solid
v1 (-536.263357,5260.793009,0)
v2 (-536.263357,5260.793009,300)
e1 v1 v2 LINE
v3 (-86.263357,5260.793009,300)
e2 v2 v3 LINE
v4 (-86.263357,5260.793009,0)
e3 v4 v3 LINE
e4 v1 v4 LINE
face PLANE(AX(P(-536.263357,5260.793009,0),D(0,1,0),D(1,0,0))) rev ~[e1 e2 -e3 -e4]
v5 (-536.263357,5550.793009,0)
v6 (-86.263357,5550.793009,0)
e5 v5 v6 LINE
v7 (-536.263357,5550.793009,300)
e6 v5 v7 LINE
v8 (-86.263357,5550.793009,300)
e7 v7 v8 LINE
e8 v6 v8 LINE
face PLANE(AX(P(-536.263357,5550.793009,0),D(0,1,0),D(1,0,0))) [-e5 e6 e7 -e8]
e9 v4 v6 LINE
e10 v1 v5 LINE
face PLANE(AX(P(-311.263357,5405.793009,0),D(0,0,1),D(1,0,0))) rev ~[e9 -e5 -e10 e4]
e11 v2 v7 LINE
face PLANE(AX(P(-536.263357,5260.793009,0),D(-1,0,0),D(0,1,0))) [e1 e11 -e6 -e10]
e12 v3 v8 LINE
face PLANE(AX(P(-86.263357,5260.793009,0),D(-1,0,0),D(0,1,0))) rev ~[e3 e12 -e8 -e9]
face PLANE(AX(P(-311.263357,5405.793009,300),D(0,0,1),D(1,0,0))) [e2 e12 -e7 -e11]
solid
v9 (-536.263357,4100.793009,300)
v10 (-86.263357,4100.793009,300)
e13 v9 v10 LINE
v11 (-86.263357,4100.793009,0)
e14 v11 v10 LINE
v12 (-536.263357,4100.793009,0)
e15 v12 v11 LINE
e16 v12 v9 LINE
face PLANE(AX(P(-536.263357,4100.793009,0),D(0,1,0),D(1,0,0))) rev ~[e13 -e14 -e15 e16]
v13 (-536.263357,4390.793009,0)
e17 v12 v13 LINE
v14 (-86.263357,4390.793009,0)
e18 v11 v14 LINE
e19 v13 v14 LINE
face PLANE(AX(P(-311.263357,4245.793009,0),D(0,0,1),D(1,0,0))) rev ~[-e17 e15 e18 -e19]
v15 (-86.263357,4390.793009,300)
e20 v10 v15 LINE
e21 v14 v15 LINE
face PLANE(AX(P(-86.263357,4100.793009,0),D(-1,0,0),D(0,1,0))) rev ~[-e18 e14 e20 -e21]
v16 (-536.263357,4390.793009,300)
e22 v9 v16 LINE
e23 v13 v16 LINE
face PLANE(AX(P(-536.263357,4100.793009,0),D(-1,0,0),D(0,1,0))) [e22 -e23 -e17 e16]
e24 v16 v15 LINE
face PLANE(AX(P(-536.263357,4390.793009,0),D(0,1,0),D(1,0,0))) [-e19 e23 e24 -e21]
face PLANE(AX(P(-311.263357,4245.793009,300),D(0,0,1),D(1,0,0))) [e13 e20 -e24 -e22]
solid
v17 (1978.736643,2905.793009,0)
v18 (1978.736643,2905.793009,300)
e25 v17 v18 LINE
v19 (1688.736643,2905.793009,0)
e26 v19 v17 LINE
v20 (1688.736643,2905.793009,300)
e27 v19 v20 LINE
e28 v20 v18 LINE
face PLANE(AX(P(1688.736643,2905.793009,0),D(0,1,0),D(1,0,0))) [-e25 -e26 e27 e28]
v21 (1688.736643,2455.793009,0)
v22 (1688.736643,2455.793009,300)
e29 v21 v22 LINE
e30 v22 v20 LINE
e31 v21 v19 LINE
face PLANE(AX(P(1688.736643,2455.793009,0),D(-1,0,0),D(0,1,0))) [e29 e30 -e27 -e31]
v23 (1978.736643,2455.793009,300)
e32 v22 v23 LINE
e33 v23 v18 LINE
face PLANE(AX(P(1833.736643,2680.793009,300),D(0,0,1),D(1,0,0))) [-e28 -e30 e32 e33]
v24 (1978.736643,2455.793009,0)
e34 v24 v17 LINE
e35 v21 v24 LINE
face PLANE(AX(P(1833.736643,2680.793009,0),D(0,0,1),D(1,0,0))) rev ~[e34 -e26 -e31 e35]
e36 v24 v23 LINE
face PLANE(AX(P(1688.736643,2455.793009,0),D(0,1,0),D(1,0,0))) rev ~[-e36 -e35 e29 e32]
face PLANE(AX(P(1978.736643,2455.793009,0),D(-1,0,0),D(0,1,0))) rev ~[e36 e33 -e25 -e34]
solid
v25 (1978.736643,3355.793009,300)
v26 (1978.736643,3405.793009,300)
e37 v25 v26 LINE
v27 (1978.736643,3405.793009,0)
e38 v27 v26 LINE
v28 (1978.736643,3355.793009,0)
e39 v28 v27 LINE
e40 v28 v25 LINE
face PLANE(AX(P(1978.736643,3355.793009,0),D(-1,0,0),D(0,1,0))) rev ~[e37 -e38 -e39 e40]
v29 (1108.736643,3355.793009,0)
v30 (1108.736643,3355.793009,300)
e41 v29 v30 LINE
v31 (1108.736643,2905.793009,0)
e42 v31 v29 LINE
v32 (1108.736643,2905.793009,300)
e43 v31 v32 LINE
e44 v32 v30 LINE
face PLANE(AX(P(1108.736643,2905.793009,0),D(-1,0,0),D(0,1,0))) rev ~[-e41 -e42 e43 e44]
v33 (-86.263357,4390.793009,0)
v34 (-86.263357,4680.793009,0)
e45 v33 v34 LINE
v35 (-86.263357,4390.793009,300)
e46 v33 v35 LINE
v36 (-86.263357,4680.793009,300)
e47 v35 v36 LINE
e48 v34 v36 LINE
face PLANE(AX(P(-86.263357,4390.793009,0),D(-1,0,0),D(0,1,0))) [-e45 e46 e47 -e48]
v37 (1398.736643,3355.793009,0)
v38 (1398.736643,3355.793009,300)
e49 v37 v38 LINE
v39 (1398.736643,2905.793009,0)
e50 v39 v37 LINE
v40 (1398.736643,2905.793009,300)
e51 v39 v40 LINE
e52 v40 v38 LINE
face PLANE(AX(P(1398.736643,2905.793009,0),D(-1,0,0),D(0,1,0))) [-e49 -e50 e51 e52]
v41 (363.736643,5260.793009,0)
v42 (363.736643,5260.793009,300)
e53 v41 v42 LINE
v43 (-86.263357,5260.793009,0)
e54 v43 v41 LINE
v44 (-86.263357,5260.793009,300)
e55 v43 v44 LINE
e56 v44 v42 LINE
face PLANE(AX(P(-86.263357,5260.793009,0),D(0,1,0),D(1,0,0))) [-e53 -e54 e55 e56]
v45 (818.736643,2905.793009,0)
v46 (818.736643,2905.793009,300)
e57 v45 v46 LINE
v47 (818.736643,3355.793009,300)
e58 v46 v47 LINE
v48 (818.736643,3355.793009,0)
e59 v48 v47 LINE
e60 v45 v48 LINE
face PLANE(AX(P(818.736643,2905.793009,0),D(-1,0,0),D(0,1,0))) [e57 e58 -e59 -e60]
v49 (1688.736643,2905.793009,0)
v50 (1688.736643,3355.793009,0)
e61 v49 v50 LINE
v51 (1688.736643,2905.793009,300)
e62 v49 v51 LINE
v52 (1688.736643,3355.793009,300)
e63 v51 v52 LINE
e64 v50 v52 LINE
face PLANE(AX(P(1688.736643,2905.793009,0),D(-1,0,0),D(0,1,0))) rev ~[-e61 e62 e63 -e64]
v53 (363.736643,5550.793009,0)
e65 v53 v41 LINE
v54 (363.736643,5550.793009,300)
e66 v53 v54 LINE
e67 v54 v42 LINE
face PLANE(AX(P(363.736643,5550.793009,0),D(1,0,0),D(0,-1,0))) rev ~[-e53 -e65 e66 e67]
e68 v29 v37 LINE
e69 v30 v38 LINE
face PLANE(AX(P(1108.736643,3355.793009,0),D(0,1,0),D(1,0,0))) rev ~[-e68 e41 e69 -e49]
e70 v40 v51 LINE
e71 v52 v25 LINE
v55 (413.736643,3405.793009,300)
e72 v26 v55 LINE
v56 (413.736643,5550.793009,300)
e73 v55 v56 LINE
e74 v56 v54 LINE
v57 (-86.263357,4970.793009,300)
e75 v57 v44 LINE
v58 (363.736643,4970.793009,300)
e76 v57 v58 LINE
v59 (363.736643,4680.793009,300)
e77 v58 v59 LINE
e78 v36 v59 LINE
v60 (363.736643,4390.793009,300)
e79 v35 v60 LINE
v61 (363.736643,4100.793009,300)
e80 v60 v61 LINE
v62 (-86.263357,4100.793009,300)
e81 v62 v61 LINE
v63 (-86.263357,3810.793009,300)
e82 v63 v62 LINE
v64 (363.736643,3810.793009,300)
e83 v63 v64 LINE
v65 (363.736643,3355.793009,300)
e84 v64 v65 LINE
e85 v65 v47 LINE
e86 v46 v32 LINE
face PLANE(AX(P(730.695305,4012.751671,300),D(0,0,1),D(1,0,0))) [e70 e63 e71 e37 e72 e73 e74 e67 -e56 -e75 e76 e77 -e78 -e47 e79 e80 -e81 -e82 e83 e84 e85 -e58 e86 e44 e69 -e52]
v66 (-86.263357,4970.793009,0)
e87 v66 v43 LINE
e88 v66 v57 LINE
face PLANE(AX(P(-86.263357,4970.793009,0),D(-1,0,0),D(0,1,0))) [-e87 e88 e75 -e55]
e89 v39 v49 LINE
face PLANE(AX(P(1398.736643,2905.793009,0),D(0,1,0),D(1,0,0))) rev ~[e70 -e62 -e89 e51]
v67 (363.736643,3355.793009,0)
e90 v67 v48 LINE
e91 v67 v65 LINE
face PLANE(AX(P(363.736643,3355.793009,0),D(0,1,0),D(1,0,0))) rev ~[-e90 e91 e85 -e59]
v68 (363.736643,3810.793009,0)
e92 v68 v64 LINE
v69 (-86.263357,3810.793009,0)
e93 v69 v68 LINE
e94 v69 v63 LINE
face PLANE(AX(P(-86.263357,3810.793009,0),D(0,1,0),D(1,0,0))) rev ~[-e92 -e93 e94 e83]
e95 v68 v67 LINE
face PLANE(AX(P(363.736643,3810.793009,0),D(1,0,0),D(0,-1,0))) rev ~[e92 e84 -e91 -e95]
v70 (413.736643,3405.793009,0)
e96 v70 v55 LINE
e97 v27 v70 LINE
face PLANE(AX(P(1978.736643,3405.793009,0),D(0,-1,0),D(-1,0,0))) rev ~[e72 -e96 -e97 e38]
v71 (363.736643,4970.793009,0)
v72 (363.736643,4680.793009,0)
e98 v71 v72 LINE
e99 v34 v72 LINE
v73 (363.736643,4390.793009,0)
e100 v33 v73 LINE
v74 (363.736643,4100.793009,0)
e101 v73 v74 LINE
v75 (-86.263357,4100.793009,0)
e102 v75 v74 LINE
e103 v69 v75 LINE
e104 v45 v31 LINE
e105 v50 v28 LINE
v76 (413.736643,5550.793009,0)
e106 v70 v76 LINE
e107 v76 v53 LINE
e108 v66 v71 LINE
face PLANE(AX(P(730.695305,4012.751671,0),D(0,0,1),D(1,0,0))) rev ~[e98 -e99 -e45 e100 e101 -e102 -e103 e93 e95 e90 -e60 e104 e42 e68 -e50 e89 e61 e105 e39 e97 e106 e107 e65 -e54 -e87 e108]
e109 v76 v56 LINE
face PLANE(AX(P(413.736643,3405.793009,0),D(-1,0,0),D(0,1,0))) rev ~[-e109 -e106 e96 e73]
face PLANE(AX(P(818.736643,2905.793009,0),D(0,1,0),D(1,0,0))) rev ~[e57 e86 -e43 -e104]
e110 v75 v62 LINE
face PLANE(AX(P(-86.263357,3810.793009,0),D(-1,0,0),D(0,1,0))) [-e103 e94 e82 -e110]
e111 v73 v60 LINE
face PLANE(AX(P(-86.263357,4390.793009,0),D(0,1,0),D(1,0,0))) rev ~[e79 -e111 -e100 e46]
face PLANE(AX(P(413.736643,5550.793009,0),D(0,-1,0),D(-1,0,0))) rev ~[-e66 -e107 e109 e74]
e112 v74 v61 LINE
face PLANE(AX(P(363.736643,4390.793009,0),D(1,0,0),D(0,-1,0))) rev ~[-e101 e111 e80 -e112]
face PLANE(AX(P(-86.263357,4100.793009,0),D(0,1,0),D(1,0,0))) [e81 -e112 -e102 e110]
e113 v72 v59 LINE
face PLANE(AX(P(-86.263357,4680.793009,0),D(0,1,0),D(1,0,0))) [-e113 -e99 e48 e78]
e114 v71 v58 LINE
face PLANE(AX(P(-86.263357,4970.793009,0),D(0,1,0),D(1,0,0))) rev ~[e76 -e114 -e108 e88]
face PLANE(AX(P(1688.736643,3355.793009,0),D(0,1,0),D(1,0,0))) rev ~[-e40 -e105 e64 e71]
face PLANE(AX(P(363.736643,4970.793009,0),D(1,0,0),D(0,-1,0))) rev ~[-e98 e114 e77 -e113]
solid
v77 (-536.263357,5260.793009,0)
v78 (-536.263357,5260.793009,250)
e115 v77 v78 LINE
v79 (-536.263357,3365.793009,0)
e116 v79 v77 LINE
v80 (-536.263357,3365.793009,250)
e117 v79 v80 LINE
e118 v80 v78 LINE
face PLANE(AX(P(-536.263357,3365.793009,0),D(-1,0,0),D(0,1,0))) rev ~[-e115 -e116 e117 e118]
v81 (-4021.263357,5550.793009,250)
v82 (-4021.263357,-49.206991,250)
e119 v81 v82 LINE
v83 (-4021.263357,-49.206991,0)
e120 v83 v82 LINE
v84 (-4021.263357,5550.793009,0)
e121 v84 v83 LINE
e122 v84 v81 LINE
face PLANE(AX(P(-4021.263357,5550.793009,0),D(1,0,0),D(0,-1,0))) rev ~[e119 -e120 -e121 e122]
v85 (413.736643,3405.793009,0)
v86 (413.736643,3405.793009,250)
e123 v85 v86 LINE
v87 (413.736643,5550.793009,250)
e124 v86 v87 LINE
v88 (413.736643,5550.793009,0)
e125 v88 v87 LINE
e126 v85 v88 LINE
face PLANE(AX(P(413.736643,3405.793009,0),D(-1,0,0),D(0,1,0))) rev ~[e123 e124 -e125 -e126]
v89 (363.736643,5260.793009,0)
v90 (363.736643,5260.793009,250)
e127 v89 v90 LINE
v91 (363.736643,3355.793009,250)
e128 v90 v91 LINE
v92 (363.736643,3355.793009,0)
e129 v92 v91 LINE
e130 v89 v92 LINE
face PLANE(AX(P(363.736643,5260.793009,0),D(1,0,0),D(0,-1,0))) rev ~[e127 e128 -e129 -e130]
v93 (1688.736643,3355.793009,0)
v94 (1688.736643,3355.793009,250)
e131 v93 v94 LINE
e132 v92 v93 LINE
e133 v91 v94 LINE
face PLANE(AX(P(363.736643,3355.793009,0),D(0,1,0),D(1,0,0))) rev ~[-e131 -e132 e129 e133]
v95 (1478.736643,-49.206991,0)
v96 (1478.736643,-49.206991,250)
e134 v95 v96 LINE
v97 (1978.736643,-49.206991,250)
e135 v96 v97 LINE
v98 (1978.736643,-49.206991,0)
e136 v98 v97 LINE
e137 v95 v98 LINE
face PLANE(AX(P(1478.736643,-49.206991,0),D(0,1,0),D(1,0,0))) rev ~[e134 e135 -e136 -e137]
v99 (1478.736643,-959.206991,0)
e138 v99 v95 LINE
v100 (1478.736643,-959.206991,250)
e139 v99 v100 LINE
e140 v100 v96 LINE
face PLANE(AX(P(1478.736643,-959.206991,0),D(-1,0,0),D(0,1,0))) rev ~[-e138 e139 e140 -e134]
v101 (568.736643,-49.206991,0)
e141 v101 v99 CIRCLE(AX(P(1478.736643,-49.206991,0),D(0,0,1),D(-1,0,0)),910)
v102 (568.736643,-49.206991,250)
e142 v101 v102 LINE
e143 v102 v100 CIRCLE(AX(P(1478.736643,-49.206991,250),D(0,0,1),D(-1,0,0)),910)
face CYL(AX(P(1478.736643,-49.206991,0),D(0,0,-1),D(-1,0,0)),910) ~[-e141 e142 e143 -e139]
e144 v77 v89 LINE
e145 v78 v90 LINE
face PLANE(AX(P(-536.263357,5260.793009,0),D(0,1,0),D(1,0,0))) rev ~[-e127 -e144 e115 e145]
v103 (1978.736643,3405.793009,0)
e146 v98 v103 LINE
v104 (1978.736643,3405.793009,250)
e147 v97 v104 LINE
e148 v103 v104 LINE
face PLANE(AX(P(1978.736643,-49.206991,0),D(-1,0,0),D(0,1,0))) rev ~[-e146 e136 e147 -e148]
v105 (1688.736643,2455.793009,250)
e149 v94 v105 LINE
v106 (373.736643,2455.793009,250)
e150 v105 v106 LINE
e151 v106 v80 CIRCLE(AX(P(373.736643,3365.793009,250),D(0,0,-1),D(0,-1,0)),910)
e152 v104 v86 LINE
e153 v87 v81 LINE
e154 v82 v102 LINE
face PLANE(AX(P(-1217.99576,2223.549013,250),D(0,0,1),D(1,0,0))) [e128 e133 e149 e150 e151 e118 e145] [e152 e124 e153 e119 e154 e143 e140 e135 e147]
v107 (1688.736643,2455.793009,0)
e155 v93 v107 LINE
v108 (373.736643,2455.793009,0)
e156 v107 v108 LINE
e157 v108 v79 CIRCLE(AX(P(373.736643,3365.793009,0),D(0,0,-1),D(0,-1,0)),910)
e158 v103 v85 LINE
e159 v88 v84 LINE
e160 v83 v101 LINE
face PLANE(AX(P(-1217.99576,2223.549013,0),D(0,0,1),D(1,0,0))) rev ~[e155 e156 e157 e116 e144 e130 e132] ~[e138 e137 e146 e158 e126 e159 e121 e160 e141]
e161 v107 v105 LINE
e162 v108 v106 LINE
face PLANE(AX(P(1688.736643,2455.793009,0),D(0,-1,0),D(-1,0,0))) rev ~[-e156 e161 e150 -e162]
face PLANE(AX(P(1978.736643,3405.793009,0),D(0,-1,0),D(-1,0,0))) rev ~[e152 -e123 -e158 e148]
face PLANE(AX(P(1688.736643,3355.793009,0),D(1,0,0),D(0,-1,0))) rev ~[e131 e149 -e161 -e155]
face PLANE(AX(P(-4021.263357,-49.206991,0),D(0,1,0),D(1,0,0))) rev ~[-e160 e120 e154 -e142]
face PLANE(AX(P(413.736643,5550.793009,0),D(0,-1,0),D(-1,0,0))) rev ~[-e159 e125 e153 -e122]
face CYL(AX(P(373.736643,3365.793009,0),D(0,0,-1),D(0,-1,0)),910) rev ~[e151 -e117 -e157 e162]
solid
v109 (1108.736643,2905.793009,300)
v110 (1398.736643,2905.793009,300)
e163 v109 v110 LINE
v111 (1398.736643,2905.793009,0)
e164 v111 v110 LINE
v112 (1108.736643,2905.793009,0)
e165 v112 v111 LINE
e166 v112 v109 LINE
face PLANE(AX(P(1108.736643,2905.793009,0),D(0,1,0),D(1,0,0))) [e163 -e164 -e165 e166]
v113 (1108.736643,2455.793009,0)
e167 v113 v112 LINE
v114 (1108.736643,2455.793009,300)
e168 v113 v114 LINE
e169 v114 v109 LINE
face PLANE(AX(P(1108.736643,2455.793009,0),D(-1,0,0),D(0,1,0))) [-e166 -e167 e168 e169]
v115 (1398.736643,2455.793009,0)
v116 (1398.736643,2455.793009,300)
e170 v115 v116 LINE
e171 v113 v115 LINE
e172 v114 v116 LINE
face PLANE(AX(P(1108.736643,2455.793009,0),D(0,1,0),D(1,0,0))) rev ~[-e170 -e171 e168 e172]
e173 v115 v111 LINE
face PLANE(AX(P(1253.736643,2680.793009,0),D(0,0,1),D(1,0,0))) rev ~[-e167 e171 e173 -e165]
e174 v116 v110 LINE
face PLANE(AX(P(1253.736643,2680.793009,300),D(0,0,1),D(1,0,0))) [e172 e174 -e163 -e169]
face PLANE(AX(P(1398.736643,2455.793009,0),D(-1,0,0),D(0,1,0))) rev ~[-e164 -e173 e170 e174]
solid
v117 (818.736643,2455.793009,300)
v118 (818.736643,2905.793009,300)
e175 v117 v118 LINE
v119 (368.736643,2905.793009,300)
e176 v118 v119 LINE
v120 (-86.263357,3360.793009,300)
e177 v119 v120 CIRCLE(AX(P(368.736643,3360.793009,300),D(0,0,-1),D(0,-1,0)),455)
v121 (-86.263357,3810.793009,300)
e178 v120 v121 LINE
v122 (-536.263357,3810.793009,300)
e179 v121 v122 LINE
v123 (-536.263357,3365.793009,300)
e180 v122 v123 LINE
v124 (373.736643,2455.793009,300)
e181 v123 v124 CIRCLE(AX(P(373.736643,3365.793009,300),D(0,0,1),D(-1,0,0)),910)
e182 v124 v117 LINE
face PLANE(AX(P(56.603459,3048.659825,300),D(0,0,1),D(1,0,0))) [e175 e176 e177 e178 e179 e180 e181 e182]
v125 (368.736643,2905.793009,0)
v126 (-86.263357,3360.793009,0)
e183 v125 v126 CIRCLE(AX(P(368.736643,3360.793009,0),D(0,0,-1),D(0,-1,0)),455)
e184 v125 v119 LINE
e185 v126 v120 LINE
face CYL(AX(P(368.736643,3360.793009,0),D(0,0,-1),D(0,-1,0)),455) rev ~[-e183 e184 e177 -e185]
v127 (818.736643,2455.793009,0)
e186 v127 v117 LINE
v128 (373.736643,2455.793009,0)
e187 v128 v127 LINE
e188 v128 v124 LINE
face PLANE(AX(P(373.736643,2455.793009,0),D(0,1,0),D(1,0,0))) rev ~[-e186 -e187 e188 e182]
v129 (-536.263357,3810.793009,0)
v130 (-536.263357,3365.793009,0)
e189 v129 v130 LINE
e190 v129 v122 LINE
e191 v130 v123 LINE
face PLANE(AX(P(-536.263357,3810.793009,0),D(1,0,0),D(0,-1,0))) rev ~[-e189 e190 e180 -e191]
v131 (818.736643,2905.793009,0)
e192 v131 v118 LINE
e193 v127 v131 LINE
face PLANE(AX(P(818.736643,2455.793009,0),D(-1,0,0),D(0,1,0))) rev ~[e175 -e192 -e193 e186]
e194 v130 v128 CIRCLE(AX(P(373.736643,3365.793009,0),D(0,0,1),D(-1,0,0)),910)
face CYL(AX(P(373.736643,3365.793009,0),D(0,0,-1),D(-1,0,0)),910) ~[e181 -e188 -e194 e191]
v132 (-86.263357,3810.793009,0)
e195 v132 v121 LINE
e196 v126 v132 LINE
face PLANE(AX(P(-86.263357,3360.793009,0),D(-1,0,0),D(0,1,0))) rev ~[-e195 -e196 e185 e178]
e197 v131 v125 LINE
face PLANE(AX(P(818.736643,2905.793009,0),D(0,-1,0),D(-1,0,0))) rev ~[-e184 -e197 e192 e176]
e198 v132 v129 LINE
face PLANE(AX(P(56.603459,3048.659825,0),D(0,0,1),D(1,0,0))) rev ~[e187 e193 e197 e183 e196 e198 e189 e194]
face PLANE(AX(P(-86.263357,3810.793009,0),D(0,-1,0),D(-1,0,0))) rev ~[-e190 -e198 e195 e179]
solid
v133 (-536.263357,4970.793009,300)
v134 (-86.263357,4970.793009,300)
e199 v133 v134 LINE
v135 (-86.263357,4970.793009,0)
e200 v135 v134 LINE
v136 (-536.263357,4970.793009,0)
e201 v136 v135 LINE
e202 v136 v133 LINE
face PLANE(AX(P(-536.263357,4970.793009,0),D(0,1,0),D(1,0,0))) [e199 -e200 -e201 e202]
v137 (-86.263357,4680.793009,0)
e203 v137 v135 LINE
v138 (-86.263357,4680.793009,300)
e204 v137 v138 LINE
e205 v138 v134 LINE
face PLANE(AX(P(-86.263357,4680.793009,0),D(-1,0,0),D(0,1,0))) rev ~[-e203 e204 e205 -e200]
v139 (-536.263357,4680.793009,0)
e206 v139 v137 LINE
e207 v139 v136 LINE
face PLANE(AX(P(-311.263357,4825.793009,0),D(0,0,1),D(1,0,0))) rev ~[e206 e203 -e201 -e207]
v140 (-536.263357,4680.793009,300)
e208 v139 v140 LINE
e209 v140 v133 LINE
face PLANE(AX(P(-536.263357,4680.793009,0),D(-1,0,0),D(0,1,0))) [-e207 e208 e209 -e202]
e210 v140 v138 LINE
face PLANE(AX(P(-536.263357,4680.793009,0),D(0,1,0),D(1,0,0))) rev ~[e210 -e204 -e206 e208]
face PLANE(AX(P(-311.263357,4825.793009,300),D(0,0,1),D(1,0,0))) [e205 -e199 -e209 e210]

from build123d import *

# Parameters (mm, degrees)
F1_DEPTH = 300
F0_W     = 450
F0_H     = 290
F0_W_2   = 290
F0_H_2   = 450
F2_DEPTH = 250


with BuildPart() as f1:
    # F0 (on Top) → F1 (new body)
    with BuildSketch(Plane.XY):
        with BuildLine():
            Line((-86.2633565673, 3810.7930092514), (-536.2633565673, 3810.7930092514))
            Line((-536.2633565673, 3810.7930092514), (-536.2633565673, 3365.7930092514))
            ThreePointArc((-536.2633565673, 3365.7930092514), (-269.730527447, 2722.3258383716), (373.7366434327, 2455.7930092514))
            Line((373.7366434327, 2455.7930092514), (818.7366434327, 2455.7930092514))
            Line((818.7366434327, 2455.7930092514), (818.7366434327, 2905.7930092514))
            Line((818.7366434327, 2905.7930092514), (368.7366434327, 2905.7930092514))
            ThreePointArc((368.7366434327, 2905.7930092514), (47.0030579929, 3039.0594238115), (-86.2633565673, 3360.7930092514))
            Line((-86.2633565673, 3360.7930092514), (-86.2633565673, 3810.7930092514))
        make_face()
    extrude(amount=F1_DEPTH)


with BuildPart() as f1b:
    # F0 (on Top) → F1, piece 2 (new body)
    with BuildSketch(Plane.XY):
        Polygon((413.7366434327, 5550.7930092514), (363.7366434327, 5550.7930092514), (363.7366434327, 5260.7930092514), (363.7366434327, 4970.7930092514), (363.7366434327, 4680.7930092514), (363.7366434327, 4390.7930092514), (363.7366434327, 4100.7930092514), (363.7366434327, 3810.7930092514), (363.7366434327, 3355.7930092514), (818.7366434327, 3355.7930092514), (1108.7366434327, 3355.7930092514), (1398.7366434327, 3355.7930092514), (1688.7366434327, 3355.7930092514), (1978.7366434327, 3355.7930092514), (1978.7366434327, 3405.7930092514), (818.7366434327, 3405.7930092514), (413.7366434327, 3405.7930092514), (413.7366434327, 3810.7930092514), align=None)
        with Locations((138.7366434327, 5115.7930092514)):
            Rectangle(F0_W, F0_H)
        with Locations((138.7366434327, 4535.7930092514)):
            Rectangle(F0_W, F0_H)
        with Locations((138.7366434327, 3955.7930092514)):
            Rectangle(F0_W, F0_H)
        with Locations((963.7366434327, 3130.7930092514)):
            Rectangle(F0_W_2, F0_H_2)
        with Locations((1543.7366434327, 3130.7930092514)):
            Rectangle(F0_W_2, F0_H_2)
    extrude(amount=F1_DEPTH)


with BuildPart() as f1c:
    # F0 (on Top) → F1, piece 3 (new body)
    with BuildSketch(Plane.XY):
        with Locations((1253.7366434327, 2680.7930092514)):
            Rectangle(F0_W_2, F0_H_2)
    extrude(amount=F1_DEPTH)


with BuildPart() as f1d:
    # F0 (on Top) → F1, piece 4 (new body)
    with BuildSketch(Plane.XY):
        with Locations((-311.2633565673, 4245.7930092514)):
            Rectangle(F0_W, F0_H)
    extrude(amount=F1_DEPTH)


with BuildPart() as f1e:
    # F0 (on Top) → F1, piece 5 (new body)
    with BuildSketch(Plane.XY):
        with Locations((-311.2633565673, 5405.7930092514)):
            Rectangle(F0_W, F0_H)
    extrude(amount=F1_DEPTH)


with BuildPart() as f1f:
    # F0 (on Top) → F1, piece 6 (new body)
    with BuildSketch(Plane.XY):
        with Locations((1833.7366434327, 2680.7930092514)):
            Rectangle(F0_W_2, F0_H_2)
    extrude(amount=F1_DEPTH)


with BuildPart() as f1g:
    # F0 (on Top) → F1, piece 7 (new body)
    with BuildSketch(Plane.XY):
        with Locations((-311.2633565673, 4825.7930092514)):
            Rectangle(F0_W, F0_H)
    extrude(amount=F1_DEPTH)


with BuildPart() as f2:
    # F0 (on Top) → F2 (new body)
    with BuildSketch(Plane.XY):
        with BuildLine():
            Line((-4021.2633565673, 5550.7930092514), (-4021.2633565673, -49.2069907486))
            Line((-4021.2633565673, -49.2069907486), (568.7366434327, -49.2069907486))
            ThreePointArc((568.7366434327, -49.2069907486), (835.269472553, -692.6741616284), (1478.7366434327, -959.2069907486))
            Line((1478.7366434327, -959.2069907486), (1478.7366434327, -49.2069907486))
            Line((1478.7366434327, -49.2069907486), (1978.7366434327, -49.2069907486))
            Line((1978.7366434327, -49.2069907486), (1978.7366434327, 2455.7930092514))
            Line((1978.7366434327, 2455.7930092514), (1688.7366434327, 2455.7930092514))
            Line((1688.7366434327, 2455.7930092514), (1398.7366434327, 2455.7930092514))
            Line((1398.7366434327, 2455.7930092514), (1108.7366434327, 2455.7930092514))
            Line((1108.7366434327, 2455.7930092514), (818.7366434327, 2455.7930092514))
            Line((818.7366434327, 2455.7930092514), (373.7366434327, 2455.7930092514))
            ThreePointArc((373.7366434327, 2455.7930092514), (-269.730527447, 2722.3258383716), (-536.2633565673, 3365.7930092514))
            Line((-536.2633565673, 3365.7930092514), (-536.2633565673, 3810.7930092514))
            Line((-536.2633565673, 3810.7930092514), (-536.2633565673, 4100.7930092514))
            Line((-536.2633565673, 4100.7930092514), (-536.2633565673, 4390.7930092514))
            Line((-536.2633565673, 4390.7930092514), (-536.2633565673, 4680.7930092514))
            Line((-536.2633565673, 4680.7930092514), (-536.2633565673, 4970.7930092514))
            Line((-536.2633565673, 4970.7930092514), (-536.2633565673, 5260.7930092514))
            Line((-536.2633565673, 5260.7930092514), (-536.2633565673, 5550.7930092514))
            Line((-536.2633565673, 5550.7930092514), (-4021.2633565673, 5550.7930092514))
        make_face()
        with Locations((-311.2633565673, 5405.7930092514)):
            Rectangle(F0_W, F0_H)
        with Locations((138.7366434327, 5405.7930092514)):
            Rectangle(F0_W, F0_H)
        Polygon((413.7366434327, 5550.7930092514), (363.7366434327, 5550.7930092514), (363.7366434327, 5260.7930092514), (363.7366434327, 4970.7930092514), (363.7366434327, 4680.7930092514), (363.7366434327, 4390.7930092514), (363.7366434327, 4100.7930092514), (363.7366434327, 3810.7930092514), (363.7366434327, 3355.7930092514), (818.7366434327, 3355.7930092514), (1108.7366434327, 3355.7930092514), (1398.7366434327, 3355.7930092514), (1688.7366434327, 3355.7930092514), (1978.7366434327, 3355.7930092514), (1978.7366434327, 3405.7930092514), (818.7366434327, 3405.7930092514), (413.7366434327, 3405.7930092514), (413.7366434327, 3810.7930092514), align=None)
        with Locations((1833.7366434327, 2680.7930092514)):
            Rectangle(F0_W_2, F0_H_2)
        with Locations((1833.7366434327, 3130.7930092514)):
            Rectangle(F0_W_2, F0_H_2)
    extrude(amount=F2_DEPTH)


solid = Compound([f1.part, f1b.part, f1c.part, f1d.part, f1e.part, f1f.part, f1g.part, f2.part])
